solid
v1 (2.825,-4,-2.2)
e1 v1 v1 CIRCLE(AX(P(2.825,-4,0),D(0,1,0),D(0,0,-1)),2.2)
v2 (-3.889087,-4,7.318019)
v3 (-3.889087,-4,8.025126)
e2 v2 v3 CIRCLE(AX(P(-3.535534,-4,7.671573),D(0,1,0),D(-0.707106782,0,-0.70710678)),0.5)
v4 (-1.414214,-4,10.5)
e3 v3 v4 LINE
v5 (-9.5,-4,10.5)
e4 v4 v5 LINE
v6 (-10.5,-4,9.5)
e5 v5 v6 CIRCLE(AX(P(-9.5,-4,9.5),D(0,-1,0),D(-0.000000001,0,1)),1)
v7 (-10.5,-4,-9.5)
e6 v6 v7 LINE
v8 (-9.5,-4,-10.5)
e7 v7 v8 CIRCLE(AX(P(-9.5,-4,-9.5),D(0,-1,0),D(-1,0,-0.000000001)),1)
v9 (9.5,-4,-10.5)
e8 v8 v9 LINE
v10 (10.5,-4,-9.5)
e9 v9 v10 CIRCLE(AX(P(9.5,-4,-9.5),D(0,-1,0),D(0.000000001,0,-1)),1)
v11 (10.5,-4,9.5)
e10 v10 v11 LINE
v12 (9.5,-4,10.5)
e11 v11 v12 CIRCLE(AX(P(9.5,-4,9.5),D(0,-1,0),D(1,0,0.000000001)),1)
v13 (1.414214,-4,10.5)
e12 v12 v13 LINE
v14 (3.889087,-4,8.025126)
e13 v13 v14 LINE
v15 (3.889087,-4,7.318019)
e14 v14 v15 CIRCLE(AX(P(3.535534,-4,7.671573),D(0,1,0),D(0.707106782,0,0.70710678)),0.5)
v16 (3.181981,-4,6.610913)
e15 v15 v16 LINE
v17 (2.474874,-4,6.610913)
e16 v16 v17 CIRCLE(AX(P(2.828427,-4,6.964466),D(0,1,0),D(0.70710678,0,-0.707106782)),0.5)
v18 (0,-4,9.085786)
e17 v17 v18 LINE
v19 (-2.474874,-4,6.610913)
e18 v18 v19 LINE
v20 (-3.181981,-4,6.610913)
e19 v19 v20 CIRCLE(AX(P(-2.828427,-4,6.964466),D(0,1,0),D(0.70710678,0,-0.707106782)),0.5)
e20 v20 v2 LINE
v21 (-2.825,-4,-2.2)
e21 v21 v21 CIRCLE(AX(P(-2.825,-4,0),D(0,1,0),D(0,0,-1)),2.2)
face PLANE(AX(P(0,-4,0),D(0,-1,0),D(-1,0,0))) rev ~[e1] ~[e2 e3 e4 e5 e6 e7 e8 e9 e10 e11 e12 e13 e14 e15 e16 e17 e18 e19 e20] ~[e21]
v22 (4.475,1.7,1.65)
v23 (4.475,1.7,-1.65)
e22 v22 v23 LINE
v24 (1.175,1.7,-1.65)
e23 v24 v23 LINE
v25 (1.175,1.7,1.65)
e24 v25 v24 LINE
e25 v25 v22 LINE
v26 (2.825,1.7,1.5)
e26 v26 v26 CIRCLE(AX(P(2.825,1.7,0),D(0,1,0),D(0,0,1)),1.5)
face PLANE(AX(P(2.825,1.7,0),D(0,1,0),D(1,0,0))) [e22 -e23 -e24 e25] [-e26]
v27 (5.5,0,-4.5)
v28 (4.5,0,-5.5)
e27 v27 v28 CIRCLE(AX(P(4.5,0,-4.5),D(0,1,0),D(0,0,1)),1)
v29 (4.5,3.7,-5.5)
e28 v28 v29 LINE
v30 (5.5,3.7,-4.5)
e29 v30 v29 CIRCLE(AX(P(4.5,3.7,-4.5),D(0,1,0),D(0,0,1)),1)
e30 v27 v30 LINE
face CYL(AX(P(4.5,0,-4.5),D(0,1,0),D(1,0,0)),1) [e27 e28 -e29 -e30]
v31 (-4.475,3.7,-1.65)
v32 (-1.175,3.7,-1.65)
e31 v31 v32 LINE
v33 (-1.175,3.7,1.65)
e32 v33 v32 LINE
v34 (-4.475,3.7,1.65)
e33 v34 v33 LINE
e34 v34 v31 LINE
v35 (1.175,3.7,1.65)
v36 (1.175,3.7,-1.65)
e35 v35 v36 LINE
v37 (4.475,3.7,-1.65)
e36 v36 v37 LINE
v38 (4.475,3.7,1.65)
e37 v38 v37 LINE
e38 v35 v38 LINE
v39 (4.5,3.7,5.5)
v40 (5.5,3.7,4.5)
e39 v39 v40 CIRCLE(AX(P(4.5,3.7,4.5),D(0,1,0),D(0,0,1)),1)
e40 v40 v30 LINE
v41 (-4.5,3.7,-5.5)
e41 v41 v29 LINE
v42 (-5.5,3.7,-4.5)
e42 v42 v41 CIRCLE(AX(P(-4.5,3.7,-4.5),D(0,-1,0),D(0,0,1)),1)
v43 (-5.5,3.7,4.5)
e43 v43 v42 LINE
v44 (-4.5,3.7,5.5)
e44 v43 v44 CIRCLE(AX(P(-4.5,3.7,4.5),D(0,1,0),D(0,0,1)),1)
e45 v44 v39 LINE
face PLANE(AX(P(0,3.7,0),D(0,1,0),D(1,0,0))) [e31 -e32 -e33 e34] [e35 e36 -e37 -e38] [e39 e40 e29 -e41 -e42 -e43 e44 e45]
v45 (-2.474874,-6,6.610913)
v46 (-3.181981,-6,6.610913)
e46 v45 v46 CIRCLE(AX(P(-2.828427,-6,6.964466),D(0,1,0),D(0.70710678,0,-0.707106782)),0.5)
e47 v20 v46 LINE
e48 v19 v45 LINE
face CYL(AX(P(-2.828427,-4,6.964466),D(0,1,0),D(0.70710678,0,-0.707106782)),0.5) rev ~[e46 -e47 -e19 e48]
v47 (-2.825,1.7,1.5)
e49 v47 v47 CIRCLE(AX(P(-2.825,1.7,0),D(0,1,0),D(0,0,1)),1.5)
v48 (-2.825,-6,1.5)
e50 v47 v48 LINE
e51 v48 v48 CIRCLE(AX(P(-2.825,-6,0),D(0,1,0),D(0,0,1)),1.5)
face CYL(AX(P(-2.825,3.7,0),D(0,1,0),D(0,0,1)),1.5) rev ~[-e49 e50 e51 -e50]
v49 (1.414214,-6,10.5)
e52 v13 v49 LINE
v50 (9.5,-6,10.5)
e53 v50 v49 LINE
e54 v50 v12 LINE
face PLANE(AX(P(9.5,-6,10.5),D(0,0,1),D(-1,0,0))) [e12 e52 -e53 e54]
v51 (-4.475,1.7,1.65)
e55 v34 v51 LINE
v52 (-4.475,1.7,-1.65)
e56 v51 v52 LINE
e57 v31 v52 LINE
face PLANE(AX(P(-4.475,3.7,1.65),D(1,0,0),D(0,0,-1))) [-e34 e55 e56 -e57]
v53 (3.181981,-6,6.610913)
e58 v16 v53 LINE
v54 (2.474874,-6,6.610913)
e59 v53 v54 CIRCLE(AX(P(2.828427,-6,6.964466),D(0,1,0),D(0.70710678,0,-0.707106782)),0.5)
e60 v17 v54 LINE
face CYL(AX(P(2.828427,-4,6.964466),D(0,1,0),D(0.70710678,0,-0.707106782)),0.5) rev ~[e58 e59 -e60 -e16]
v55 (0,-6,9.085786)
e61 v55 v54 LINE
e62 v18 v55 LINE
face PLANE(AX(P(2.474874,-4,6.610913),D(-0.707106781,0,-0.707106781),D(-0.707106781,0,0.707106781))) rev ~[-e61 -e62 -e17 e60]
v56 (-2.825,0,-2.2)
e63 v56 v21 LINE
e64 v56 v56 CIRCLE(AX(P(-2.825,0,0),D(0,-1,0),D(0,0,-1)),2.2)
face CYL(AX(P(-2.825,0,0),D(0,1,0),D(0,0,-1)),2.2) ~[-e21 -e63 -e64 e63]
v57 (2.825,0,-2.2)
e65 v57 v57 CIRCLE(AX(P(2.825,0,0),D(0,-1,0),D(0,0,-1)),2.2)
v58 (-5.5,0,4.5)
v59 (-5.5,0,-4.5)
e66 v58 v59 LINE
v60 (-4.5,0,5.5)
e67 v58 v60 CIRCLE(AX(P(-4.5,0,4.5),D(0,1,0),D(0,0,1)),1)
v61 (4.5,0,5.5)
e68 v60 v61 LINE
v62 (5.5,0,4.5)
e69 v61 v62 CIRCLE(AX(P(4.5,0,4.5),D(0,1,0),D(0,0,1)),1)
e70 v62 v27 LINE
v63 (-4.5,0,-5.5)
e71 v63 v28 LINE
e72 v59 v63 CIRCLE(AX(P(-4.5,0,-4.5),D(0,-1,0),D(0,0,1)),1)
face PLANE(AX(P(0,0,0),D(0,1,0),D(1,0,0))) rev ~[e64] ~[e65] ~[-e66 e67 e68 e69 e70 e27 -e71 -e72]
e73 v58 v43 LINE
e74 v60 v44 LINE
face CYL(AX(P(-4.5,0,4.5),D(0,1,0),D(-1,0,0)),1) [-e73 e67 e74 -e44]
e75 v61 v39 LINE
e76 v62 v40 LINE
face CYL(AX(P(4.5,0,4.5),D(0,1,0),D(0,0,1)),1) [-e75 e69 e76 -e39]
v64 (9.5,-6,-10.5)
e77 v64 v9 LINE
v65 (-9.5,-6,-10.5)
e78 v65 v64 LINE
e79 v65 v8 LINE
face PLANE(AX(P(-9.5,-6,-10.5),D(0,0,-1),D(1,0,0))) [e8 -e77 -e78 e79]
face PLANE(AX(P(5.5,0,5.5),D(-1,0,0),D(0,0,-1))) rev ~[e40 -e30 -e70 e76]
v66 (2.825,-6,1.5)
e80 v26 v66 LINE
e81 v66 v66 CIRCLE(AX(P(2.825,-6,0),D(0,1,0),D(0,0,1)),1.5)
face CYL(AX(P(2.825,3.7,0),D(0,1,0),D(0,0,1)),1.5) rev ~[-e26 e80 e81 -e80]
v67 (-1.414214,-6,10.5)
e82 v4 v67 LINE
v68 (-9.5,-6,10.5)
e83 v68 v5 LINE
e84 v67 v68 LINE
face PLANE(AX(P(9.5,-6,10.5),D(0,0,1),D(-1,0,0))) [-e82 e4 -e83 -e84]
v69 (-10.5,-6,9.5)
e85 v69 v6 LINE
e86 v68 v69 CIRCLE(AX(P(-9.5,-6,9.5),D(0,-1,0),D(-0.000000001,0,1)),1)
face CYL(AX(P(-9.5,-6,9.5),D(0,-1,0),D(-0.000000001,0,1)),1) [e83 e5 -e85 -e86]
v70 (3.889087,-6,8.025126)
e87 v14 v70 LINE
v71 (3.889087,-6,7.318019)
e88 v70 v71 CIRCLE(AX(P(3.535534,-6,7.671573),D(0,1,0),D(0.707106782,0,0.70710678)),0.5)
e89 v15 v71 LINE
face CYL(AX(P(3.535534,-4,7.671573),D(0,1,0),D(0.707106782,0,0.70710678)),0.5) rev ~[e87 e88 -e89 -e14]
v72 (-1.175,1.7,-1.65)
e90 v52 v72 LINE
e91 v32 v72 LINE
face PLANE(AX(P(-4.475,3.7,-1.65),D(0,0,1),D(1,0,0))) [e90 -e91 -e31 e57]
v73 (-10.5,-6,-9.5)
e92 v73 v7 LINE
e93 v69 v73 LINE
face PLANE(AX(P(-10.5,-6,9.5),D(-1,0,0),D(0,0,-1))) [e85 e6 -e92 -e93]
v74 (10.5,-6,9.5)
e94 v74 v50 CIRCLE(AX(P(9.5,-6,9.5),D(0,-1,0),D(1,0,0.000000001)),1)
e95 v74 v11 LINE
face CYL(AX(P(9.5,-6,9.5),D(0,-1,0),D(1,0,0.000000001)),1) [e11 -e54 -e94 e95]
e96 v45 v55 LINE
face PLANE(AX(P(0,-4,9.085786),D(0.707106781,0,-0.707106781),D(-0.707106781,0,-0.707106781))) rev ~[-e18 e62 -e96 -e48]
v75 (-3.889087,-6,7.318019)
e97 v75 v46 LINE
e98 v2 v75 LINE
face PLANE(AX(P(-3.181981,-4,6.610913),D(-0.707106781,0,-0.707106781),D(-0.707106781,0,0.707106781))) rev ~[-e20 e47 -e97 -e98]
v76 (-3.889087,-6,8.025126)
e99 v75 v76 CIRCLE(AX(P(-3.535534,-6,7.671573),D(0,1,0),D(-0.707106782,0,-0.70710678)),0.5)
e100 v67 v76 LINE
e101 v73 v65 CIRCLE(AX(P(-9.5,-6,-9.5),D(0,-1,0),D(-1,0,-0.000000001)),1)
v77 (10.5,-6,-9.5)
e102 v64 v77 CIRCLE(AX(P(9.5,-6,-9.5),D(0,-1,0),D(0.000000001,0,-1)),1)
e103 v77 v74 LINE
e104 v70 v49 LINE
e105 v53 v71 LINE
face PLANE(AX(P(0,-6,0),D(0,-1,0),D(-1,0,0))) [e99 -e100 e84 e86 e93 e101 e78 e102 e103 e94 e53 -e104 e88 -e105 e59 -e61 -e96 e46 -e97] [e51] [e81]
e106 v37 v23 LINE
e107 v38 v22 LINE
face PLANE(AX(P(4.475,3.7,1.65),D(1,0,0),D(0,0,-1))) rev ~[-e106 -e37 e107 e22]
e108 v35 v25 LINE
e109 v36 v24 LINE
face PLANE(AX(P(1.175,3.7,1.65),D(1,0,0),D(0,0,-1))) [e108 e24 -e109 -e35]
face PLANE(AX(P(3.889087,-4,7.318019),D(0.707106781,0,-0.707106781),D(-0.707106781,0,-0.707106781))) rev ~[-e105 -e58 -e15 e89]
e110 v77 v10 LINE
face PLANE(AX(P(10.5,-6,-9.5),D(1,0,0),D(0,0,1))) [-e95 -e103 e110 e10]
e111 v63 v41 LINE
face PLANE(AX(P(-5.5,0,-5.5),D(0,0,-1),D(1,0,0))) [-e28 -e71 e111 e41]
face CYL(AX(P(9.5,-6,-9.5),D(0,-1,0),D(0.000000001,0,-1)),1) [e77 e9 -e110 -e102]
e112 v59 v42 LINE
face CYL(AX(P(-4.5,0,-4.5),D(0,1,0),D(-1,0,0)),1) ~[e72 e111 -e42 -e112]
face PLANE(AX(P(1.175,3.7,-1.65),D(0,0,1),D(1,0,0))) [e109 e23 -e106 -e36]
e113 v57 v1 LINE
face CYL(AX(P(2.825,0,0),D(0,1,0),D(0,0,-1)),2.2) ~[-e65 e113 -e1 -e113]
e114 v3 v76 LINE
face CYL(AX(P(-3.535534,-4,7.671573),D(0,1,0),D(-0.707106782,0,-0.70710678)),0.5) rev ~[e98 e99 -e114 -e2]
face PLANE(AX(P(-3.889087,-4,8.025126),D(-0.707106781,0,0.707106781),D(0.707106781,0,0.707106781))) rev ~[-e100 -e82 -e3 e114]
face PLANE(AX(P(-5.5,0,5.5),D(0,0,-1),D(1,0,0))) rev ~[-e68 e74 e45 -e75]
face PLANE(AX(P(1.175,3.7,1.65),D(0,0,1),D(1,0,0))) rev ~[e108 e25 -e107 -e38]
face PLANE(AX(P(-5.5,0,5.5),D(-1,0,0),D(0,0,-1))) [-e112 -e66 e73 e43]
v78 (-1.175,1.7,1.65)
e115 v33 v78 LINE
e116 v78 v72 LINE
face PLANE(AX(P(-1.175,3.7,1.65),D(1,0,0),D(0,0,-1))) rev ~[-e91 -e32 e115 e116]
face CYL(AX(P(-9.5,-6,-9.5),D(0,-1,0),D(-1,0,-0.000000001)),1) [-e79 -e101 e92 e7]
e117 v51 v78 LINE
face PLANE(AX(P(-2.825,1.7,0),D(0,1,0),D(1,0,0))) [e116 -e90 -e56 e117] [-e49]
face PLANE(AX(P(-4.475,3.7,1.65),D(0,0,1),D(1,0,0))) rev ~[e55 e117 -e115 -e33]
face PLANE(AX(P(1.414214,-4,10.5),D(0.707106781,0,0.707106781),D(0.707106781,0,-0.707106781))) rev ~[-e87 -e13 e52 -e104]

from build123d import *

# Parameters (mm, degrees)
SKETCH1_W           = 11
SKETCH1_H           = 11
BOSS_EXTRUDE1_DEPTH = 3.7
FILLET1_R           = 1
SKETCH2_W           = 3.3
SKETCH2_H           = 3.3
CUT_EXTRUDE1_DEPTH  = 2
SKETCH4_R           = 2.2
BOSS_EXTRUDE2_DEPTH = 6
BOSS_EXTRUDE3_DEPTH = 2
SKETCH3_R           = 1.5
CUT_EXTRUDE2_DEPTH  = 18.736685147
CUT_EXTRUDE3_DEPTH  = 17.726924403


with BuildPart() as part:
    # Sketch1 → Boss-Extrude1 (new body)
    with BuildSketch(Plane(origin=(0, 0, 0), x_dir=(1, 0, 0), z_dir=(0, 1, 0))):
        Rectangle(SKETCH1_W, SKETCH1_H)
    extrude(amount=BOSS_EXTRUDE1_DEPTH)

    # Fillet1
    fillet1_edges = [part.edges().sort_by_distance(p)[0] for p in [
        (5.5, 1.85, 5.5),
        (-5.5, 1.85, 5.5),
        (-5.5, 1.85, -5.5),
        (5.5, 1.85, -5.5),
    ]]
    fillet(fillet1_edges, radius=FILLET1_R)

    # Sketch2 → Cut-Extrude1 (cut)
    with BuildSketch(Plane(origin=(0, 3.7, 0), x_dir=(1, 0, 0), z_dir=(0, 1, 0))):
        with Locations((-2.825, 0)):
            Rectangle(SKETCH2_W, SKETCH2_H)
        with Locations((2.825, 0)):
            Rectangle(SKETCH2_W, SKETCH2_H)
    extrude(amount=-CUT_EXTRUDE1_DEPTH, mode=Mode.SUBTRACT)

    # Sketch4 → Boss-Extrude2 (add)
    with BuildSketch(Plane(origin=(0, 0, 0), x_dir=(-1, 0, 0), z_dir=(0, -1, 0))):
        with Locations(Location((2.825, 0, 0), (0, 0, 90))):
            Circle(SKETCH4_R)
        with Locations(Location((-2.825, 0, 0), (0, 0, 90))):
            Circle(SKETCH4_R)
    extrude(amount=BOSS_EXTRUDE2_DEPTH)

    # Sketch5 → Boss-Extrude3 (add)
    with BuildSketch(Plane(origin=(0, -6, 0), x_dir=(-1, 0, 0), z_dir=(0, -1, 0))):
        with BuildLine():
            Line((9.5, 10.5), (-9.5, 10.5))
            ThreePointArc((-9.5, 10.5), (-10.207106781, 10.207106781), (-10.5, 9.5))
            Line((-10.5, 9.5), (-10.5, -9.5))
            ThreePointArc((-10.5, -9.5), (-10.207106781, -10.207106781), (-9.5, -10.5))
            Line((-9.5, -10.5), (9.5, -10.5))
            ThreePointArc((9.5, -10.5), (10.207106781, -10.207106781), (10.5, -9.5))
            Line((10.5, -9.5), (10.5, 9.5))
            ThreePointArc((10.5, 9.5), (10.207106781, 10.207106781), (9.5, 10.5))
        make_face()
    extrude(amount=-BOSS_EXTRUDE3_DEPTH)

    # Sketch3 → Cut-Extrude2 (cut, through all)
    with BuildSketch(Plane(origin=(0, 3.7, 0), x_dir=(1, 0, 0), z_dir=(0, 1, 0))):
        with Locations(Location((-2.825, 0, 0), (0, 0, 270))):
            Circle(SKETCH3_R)
        with Locations(Location((2.825, 0, 0), (0, 0, 270))):
            Circle(SKETCH3_R)
    extrude(amount=-CUT_EXTRUDE2_DEPTH, mode=Mode.SUBTRACT)

    # Sketch7 → Cut-Extrude3 (cut, through all)
    with BuildSketch(Plane(origin=(0, -4, 0), x_dir=(1, 0, 0), z_dir=(0, 1, 0))):
        with BuildLine():
            Line((0, -9.085786438), (1.414213562, -10.5))
            Line((1.414213562, -10.5), (3.889087297, -8.025126266))
            ThreePointArc((3.889087297, -8.025126266), (4.035533906, -7.671572875), (3.889087297, -7.318019485))
            Line((3.889087297, -7.318019485), (3.181980515, -6.610912703))
            ThreePointArc((3.181980515, -6.610912703), (2.828427125, -6.464466094), (2.474873734, -6.610912703))
            Line((2.474873734, -6.610912703), (0, -9.085786438))
        make_face()
        with BuildLine():
            Line((-3.889087297, -8.025126266), (-1.414213562, -10.5))
            Line((-1.414213562, -10.5), (0, -9.085786438))
            Line((0, -9.085786438), (-2.474873734, -6.610912703))
            ThreePointArc((-2.474873734, -6.610912703), (-2.828427125, -6.464466094), (-3.181980515, -6.610912703))
            Line((-3.181980515, -6.610912703), (-3.889087297, -7.318019485))
            ThreePointArc((-3.889087297, -7.318019485), (-4.035533906, -7.671572875), (-3.889087297, -8.025126266))
        make_face()
        Polygon((-1.414213562, -10.5), (1.414213562, -10.5), (0, -9.085786438), align=None)
    extrude(amount=-CUT_EXTRUDE3_DEPTH, mode=Mode.SUBTRACT)


solid = part.part
